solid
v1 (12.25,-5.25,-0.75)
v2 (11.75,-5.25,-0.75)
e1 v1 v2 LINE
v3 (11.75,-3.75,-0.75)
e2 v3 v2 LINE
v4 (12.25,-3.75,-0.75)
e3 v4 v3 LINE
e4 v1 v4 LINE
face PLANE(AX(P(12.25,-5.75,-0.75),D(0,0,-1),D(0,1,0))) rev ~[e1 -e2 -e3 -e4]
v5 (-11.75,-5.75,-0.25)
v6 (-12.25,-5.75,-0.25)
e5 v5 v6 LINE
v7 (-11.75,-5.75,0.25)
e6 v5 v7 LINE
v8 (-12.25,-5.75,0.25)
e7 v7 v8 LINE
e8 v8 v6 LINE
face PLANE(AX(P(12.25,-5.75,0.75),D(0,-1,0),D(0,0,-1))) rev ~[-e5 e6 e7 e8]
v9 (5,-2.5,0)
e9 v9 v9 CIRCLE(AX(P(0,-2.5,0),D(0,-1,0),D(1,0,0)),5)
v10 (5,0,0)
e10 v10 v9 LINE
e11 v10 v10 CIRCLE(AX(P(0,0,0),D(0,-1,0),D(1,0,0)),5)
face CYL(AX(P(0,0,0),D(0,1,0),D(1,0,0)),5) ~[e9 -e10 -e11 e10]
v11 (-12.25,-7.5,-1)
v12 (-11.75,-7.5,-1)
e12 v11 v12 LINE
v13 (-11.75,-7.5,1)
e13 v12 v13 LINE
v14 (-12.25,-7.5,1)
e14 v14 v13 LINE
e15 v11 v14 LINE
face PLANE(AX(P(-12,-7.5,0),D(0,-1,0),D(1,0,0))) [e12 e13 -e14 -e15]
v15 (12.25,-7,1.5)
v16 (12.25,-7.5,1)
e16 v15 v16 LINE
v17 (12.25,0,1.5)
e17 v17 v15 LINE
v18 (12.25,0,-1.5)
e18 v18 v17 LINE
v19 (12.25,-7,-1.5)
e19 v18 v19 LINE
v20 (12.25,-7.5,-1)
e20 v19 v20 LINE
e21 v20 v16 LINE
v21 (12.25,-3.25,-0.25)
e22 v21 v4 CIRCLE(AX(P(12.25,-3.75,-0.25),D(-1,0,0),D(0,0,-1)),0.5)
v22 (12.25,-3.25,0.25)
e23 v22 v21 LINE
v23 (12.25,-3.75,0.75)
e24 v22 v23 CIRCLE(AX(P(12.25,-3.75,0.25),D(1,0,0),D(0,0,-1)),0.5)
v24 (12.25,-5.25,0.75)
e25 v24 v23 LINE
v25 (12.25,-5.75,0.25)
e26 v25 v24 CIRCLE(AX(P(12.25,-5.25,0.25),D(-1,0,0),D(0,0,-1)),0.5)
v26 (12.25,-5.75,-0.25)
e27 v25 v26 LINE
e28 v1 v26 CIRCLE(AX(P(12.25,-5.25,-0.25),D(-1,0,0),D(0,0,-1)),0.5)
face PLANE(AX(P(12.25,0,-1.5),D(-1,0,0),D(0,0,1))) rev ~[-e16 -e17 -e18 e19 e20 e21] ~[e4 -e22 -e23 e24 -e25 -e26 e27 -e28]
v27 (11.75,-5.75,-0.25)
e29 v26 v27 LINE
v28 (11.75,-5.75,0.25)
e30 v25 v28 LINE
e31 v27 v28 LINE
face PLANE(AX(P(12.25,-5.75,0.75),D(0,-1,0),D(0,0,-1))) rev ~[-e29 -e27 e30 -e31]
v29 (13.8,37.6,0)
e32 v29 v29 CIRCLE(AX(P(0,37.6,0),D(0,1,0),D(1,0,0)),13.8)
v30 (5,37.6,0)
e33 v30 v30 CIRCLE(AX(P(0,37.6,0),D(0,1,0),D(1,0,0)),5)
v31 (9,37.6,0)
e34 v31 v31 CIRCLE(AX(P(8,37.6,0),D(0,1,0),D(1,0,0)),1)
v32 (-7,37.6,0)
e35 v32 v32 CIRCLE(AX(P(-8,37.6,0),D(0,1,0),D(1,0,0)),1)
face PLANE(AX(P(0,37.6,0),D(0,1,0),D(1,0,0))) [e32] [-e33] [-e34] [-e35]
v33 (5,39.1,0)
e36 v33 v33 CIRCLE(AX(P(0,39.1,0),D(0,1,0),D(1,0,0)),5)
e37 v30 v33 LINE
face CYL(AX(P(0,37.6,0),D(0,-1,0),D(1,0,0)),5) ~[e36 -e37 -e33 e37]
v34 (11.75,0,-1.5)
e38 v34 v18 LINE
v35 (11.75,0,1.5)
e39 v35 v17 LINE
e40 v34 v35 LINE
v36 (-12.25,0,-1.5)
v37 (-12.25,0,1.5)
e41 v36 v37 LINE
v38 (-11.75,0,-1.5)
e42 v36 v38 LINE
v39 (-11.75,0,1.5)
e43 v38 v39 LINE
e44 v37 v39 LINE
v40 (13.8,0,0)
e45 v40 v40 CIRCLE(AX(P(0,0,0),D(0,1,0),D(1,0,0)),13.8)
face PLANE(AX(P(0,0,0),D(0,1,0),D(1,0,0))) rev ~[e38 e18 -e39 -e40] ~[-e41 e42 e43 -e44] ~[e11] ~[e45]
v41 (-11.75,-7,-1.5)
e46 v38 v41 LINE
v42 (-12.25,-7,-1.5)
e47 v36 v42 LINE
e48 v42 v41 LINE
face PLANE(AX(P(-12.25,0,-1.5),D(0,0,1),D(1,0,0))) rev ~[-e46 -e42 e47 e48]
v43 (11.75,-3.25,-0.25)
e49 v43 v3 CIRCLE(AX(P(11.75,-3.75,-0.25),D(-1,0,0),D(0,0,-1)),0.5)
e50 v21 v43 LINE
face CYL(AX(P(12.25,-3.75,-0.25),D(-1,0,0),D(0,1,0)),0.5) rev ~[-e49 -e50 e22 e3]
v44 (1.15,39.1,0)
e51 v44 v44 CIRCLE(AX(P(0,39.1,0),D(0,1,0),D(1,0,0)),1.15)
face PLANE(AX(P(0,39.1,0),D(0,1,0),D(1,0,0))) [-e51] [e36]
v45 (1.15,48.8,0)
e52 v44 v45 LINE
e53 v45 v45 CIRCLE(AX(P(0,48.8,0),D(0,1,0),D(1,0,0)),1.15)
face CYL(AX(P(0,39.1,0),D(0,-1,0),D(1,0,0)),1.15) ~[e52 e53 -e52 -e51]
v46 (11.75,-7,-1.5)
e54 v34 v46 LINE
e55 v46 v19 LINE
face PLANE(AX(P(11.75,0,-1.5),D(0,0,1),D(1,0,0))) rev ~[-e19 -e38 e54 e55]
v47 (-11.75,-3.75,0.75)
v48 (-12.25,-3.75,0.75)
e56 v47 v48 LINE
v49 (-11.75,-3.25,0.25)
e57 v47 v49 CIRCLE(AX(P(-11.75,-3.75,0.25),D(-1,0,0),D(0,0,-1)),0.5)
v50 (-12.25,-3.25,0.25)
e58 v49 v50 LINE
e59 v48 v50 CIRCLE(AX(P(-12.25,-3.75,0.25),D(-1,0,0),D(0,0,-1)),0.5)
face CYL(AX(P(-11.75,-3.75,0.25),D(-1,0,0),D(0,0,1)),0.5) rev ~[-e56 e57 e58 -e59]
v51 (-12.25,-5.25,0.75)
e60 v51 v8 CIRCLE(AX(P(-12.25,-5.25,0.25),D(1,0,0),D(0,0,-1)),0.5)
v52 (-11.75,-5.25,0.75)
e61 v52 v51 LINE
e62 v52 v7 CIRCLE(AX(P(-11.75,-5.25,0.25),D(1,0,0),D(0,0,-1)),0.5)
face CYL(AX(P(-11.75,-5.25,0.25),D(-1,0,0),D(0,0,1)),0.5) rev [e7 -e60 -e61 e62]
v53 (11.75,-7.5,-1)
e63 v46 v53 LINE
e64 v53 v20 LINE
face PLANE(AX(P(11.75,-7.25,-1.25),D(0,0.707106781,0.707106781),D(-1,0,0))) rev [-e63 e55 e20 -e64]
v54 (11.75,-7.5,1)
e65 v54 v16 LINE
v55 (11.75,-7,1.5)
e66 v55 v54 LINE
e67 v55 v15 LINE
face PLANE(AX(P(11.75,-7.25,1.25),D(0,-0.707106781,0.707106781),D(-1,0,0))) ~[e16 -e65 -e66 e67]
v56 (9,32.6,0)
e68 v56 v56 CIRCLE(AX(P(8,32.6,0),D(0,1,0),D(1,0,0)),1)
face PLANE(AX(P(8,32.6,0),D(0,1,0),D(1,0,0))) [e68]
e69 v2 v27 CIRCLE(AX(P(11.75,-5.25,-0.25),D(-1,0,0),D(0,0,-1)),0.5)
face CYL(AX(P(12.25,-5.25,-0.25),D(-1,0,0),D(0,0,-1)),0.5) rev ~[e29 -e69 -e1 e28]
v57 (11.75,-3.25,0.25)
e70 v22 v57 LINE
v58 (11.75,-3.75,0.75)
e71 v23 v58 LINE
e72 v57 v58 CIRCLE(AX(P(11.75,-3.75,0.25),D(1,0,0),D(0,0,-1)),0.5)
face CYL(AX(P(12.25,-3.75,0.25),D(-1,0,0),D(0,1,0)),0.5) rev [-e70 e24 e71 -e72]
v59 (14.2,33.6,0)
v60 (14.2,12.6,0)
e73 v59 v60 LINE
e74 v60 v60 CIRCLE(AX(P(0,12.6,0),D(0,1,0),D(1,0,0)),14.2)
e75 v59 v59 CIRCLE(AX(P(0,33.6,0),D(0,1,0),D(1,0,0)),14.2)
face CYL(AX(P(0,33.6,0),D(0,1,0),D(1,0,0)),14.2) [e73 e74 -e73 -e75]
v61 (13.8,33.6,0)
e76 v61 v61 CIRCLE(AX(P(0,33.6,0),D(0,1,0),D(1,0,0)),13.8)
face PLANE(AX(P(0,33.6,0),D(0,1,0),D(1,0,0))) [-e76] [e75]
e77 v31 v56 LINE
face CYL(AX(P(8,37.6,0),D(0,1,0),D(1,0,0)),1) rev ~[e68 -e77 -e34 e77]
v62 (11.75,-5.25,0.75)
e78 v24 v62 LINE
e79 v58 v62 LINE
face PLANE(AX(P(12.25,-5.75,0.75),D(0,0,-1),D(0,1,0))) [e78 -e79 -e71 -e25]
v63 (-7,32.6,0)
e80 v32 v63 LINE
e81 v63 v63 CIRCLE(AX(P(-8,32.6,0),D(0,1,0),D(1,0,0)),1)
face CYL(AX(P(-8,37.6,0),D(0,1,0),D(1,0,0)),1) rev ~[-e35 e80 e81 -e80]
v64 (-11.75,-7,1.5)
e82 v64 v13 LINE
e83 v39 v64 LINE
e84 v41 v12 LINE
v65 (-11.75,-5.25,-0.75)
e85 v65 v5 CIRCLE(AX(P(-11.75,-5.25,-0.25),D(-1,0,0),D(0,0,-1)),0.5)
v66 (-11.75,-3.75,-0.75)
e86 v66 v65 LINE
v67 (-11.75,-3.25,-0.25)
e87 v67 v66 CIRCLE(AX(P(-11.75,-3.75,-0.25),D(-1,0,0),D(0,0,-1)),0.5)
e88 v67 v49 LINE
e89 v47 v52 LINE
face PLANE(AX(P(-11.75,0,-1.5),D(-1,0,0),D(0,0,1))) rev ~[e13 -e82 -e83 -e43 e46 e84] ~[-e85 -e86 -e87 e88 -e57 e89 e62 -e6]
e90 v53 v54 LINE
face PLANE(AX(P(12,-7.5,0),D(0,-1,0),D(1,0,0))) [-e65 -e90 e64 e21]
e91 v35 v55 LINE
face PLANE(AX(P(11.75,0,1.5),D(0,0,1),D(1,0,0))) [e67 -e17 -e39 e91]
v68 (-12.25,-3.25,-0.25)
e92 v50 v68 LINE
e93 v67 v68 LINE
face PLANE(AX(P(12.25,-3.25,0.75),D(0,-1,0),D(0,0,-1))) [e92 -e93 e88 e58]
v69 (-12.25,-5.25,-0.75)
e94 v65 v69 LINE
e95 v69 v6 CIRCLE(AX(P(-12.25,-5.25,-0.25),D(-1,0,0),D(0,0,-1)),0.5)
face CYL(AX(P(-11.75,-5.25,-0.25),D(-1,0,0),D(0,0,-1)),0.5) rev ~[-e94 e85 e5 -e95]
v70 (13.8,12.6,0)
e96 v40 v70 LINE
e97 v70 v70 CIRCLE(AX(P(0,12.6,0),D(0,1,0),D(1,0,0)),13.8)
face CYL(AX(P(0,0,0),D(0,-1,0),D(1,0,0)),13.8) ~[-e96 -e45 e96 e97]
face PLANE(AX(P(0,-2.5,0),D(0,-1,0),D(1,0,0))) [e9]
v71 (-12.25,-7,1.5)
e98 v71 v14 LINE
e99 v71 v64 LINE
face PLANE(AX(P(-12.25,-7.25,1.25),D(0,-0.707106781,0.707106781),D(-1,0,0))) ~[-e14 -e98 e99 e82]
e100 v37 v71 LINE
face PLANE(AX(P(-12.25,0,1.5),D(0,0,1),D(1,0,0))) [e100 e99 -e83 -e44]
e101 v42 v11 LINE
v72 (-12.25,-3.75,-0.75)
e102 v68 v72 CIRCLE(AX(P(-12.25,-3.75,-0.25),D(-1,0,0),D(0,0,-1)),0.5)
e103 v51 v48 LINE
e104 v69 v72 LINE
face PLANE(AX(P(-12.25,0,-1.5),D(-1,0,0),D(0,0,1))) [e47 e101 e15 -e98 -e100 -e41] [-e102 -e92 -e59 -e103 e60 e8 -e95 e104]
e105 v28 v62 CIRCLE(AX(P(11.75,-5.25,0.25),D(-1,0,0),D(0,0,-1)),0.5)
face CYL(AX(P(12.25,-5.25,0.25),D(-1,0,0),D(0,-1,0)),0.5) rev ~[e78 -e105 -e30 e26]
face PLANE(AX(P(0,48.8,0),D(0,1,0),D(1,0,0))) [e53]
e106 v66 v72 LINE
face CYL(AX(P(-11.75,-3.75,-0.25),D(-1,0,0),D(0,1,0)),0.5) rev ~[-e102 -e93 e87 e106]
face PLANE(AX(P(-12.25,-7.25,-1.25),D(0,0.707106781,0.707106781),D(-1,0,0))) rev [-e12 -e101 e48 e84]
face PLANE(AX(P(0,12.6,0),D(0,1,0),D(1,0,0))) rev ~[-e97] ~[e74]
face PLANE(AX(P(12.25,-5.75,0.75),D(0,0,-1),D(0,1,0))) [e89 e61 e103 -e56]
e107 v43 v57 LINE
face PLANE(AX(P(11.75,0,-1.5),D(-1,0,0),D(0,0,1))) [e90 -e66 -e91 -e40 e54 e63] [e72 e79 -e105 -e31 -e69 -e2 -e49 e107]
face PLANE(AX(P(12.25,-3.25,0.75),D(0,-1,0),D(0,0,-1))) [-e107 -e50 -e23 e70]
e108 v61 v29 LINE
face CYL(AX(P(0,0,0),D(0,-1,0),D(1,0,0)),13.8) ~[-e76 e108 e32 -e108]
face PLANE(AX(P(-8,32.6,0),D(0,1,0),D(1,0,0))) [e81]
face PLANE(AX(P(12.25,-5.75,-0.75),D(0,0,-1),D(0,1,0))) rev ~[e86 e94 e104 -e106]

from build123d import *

# Parameters (mm, degrees)
SKETCH1_R           = 13.8
BOSS_EXTRUDE1_DEPTH = 37.6
SKETCH2_R           = 5
BOSS_EXTRUDE2_DEPTH = 1.5
SKETCH3_R           = 1.15
BOSS_EXTRUDE3_DEPTH = 9.7
SKETCH4_R           = 1
CUT_EXTRUDE1_DEPTH  = 5
SKETCH5_R           = 5
BOSS_EXTRUDE4_DEPTH = 2.5
SKETCH6_W           = 0.5
SKETCH6_H           = 3
BOSS_EXTRUDE5_DEPTH = 7.5
SKETCH7_W           = 1.5
SKETCH7_H           = 2.5
CUT_EXTRUDE2_DEPTH  = 24.5
CHAMFER1_SIZE       = 0.5
FILLET1_R           = 0.5
SKETCH8_R           = 14.2
SKETCH8_R_2         = 13.8
BOSS_EXTRUDE6_DEPTH = 21


with BuildPart() as part:
    # Sketch1 → Boss-Extrude1 (new body)
    with BuildSketch(Plane(origin=(0, 0, 0), x_dir=(1, 0, 0), z_dir=(0, 1, 0))):
        Circle(SKETCH1_R)
    extrude(amount=BOSS_EXTRUDE1_DEPTH)

    # Sketch2 → Boss-Extrude2 (add)
    with BuildSketch(Plane(origin=(0, 37.6, 0), x_dir=(1, 0, 0), z_dir=(0, 1, 0))):
        Circle(SKETCH2_R)
    extrude(amount=BOSS_EXTRUDE2_DEPTH)

    # Sketch3 → Boss-Extrude3 (add)
    with BuildSketch(Plane(origin=(0, 39.1, 0), x_dir=(1, 0, 0), z_dir=(0, 1, 0))):
        Circle(SKETCH3_R)
    extrude(amount=BOSS_EXTRUDE3_DEPTH)

    # Sketch4 → Cut-Extrude1 (cut)
    with BuildSketch(Plane(origin=(0, 37.6, 0), x_dir=(1, 0, 0), z_dir=(0, 1, 0))):
        with Locations((8, 0)):
            Circle(SKETCH4_R)
        with Locations((-8, 0)):
            Circle(SKETCH4_R)
    extrude(amount=-CUT_EXTRUDE1_DEPTH, mode=Mode.SUBTRACT)

    # Sketch5 → Boss-Extrude4 (add)
    with BuildSketch(Plane.XZ):
        Circle(SKETCH5_R)
    extrude(amount=BOSS_EXTRUDE4_DEPTH)

    # Sketch6 → Boss-Extrude5 (add)
    with BuildSketch(Plane.XZ):
        with Locations((12, 0)):
            Rectangle(SKETCH6_W, SKETCH6_H)
        with Locations((-12, 0)):
            Rectangle(SKETCH6_W, SKETCH6_H)
    extrude(amount=BOSS_EXTRUDE5_DEPTH)

    # Sketch7 → Cut-Extrude2 (cut)
    with BuildSketch(Plane(origin=(12.25, 0, 0), x_dir=(0, 0, -1), z_dir=(1, 0, 0))):
        with Locations((0, -4.5)):
            Rectangle(SKETCH7_W, SKETCH7_H)
    extrude(amount=-CUT_EXTRUDE2_DEPTH, mode=Mode.SUBTRACT)

    # Chamfer1
    chamfer1_edges = [part.edges().sort_by_distance(p)[0] for p in [
        (12, -7.5, 1.5),
        (12, -7.5, -1.5),
        (-12, -7.5, 1.5),
        (-12, -7.5, -1.5),
    ]]
    chamfer(chamfer1_edges, length=CHAMFER1_SIZE)

    # Fillet1
    fillet1_edges = [part.edges().sort_by_distance(p)[0] for p in [
        (12, -3.25, -0.75),
        (-12, -3.25, -0.75),
        (12, -5.75, -0.75),
        (-12, -5.75, -0.75),
        (12, -5.75, 0.75),
        (-12, -5.75, 0.75),
        (12, -3.25, 0.75),
        (-12, -3.25, 0.75),
    ]]
    fillet(fillet1_edges, radius=FILLET1_R)

    # Sketch8 → Boss-Extrude6 (add)
    with BuildSketch(Plane(origin=(0, 33.6, 0), x_dir=(1, 0, 0), z_dir=(0, 1, 0))):
        Circle(SKETCH8_R)
        Circle(SKETCH8_R_2, mode=Mode.SUBTRACT)
    extrude(amount=-BOSS_EXTRUDE6_DEPTH)


solid = part.part
